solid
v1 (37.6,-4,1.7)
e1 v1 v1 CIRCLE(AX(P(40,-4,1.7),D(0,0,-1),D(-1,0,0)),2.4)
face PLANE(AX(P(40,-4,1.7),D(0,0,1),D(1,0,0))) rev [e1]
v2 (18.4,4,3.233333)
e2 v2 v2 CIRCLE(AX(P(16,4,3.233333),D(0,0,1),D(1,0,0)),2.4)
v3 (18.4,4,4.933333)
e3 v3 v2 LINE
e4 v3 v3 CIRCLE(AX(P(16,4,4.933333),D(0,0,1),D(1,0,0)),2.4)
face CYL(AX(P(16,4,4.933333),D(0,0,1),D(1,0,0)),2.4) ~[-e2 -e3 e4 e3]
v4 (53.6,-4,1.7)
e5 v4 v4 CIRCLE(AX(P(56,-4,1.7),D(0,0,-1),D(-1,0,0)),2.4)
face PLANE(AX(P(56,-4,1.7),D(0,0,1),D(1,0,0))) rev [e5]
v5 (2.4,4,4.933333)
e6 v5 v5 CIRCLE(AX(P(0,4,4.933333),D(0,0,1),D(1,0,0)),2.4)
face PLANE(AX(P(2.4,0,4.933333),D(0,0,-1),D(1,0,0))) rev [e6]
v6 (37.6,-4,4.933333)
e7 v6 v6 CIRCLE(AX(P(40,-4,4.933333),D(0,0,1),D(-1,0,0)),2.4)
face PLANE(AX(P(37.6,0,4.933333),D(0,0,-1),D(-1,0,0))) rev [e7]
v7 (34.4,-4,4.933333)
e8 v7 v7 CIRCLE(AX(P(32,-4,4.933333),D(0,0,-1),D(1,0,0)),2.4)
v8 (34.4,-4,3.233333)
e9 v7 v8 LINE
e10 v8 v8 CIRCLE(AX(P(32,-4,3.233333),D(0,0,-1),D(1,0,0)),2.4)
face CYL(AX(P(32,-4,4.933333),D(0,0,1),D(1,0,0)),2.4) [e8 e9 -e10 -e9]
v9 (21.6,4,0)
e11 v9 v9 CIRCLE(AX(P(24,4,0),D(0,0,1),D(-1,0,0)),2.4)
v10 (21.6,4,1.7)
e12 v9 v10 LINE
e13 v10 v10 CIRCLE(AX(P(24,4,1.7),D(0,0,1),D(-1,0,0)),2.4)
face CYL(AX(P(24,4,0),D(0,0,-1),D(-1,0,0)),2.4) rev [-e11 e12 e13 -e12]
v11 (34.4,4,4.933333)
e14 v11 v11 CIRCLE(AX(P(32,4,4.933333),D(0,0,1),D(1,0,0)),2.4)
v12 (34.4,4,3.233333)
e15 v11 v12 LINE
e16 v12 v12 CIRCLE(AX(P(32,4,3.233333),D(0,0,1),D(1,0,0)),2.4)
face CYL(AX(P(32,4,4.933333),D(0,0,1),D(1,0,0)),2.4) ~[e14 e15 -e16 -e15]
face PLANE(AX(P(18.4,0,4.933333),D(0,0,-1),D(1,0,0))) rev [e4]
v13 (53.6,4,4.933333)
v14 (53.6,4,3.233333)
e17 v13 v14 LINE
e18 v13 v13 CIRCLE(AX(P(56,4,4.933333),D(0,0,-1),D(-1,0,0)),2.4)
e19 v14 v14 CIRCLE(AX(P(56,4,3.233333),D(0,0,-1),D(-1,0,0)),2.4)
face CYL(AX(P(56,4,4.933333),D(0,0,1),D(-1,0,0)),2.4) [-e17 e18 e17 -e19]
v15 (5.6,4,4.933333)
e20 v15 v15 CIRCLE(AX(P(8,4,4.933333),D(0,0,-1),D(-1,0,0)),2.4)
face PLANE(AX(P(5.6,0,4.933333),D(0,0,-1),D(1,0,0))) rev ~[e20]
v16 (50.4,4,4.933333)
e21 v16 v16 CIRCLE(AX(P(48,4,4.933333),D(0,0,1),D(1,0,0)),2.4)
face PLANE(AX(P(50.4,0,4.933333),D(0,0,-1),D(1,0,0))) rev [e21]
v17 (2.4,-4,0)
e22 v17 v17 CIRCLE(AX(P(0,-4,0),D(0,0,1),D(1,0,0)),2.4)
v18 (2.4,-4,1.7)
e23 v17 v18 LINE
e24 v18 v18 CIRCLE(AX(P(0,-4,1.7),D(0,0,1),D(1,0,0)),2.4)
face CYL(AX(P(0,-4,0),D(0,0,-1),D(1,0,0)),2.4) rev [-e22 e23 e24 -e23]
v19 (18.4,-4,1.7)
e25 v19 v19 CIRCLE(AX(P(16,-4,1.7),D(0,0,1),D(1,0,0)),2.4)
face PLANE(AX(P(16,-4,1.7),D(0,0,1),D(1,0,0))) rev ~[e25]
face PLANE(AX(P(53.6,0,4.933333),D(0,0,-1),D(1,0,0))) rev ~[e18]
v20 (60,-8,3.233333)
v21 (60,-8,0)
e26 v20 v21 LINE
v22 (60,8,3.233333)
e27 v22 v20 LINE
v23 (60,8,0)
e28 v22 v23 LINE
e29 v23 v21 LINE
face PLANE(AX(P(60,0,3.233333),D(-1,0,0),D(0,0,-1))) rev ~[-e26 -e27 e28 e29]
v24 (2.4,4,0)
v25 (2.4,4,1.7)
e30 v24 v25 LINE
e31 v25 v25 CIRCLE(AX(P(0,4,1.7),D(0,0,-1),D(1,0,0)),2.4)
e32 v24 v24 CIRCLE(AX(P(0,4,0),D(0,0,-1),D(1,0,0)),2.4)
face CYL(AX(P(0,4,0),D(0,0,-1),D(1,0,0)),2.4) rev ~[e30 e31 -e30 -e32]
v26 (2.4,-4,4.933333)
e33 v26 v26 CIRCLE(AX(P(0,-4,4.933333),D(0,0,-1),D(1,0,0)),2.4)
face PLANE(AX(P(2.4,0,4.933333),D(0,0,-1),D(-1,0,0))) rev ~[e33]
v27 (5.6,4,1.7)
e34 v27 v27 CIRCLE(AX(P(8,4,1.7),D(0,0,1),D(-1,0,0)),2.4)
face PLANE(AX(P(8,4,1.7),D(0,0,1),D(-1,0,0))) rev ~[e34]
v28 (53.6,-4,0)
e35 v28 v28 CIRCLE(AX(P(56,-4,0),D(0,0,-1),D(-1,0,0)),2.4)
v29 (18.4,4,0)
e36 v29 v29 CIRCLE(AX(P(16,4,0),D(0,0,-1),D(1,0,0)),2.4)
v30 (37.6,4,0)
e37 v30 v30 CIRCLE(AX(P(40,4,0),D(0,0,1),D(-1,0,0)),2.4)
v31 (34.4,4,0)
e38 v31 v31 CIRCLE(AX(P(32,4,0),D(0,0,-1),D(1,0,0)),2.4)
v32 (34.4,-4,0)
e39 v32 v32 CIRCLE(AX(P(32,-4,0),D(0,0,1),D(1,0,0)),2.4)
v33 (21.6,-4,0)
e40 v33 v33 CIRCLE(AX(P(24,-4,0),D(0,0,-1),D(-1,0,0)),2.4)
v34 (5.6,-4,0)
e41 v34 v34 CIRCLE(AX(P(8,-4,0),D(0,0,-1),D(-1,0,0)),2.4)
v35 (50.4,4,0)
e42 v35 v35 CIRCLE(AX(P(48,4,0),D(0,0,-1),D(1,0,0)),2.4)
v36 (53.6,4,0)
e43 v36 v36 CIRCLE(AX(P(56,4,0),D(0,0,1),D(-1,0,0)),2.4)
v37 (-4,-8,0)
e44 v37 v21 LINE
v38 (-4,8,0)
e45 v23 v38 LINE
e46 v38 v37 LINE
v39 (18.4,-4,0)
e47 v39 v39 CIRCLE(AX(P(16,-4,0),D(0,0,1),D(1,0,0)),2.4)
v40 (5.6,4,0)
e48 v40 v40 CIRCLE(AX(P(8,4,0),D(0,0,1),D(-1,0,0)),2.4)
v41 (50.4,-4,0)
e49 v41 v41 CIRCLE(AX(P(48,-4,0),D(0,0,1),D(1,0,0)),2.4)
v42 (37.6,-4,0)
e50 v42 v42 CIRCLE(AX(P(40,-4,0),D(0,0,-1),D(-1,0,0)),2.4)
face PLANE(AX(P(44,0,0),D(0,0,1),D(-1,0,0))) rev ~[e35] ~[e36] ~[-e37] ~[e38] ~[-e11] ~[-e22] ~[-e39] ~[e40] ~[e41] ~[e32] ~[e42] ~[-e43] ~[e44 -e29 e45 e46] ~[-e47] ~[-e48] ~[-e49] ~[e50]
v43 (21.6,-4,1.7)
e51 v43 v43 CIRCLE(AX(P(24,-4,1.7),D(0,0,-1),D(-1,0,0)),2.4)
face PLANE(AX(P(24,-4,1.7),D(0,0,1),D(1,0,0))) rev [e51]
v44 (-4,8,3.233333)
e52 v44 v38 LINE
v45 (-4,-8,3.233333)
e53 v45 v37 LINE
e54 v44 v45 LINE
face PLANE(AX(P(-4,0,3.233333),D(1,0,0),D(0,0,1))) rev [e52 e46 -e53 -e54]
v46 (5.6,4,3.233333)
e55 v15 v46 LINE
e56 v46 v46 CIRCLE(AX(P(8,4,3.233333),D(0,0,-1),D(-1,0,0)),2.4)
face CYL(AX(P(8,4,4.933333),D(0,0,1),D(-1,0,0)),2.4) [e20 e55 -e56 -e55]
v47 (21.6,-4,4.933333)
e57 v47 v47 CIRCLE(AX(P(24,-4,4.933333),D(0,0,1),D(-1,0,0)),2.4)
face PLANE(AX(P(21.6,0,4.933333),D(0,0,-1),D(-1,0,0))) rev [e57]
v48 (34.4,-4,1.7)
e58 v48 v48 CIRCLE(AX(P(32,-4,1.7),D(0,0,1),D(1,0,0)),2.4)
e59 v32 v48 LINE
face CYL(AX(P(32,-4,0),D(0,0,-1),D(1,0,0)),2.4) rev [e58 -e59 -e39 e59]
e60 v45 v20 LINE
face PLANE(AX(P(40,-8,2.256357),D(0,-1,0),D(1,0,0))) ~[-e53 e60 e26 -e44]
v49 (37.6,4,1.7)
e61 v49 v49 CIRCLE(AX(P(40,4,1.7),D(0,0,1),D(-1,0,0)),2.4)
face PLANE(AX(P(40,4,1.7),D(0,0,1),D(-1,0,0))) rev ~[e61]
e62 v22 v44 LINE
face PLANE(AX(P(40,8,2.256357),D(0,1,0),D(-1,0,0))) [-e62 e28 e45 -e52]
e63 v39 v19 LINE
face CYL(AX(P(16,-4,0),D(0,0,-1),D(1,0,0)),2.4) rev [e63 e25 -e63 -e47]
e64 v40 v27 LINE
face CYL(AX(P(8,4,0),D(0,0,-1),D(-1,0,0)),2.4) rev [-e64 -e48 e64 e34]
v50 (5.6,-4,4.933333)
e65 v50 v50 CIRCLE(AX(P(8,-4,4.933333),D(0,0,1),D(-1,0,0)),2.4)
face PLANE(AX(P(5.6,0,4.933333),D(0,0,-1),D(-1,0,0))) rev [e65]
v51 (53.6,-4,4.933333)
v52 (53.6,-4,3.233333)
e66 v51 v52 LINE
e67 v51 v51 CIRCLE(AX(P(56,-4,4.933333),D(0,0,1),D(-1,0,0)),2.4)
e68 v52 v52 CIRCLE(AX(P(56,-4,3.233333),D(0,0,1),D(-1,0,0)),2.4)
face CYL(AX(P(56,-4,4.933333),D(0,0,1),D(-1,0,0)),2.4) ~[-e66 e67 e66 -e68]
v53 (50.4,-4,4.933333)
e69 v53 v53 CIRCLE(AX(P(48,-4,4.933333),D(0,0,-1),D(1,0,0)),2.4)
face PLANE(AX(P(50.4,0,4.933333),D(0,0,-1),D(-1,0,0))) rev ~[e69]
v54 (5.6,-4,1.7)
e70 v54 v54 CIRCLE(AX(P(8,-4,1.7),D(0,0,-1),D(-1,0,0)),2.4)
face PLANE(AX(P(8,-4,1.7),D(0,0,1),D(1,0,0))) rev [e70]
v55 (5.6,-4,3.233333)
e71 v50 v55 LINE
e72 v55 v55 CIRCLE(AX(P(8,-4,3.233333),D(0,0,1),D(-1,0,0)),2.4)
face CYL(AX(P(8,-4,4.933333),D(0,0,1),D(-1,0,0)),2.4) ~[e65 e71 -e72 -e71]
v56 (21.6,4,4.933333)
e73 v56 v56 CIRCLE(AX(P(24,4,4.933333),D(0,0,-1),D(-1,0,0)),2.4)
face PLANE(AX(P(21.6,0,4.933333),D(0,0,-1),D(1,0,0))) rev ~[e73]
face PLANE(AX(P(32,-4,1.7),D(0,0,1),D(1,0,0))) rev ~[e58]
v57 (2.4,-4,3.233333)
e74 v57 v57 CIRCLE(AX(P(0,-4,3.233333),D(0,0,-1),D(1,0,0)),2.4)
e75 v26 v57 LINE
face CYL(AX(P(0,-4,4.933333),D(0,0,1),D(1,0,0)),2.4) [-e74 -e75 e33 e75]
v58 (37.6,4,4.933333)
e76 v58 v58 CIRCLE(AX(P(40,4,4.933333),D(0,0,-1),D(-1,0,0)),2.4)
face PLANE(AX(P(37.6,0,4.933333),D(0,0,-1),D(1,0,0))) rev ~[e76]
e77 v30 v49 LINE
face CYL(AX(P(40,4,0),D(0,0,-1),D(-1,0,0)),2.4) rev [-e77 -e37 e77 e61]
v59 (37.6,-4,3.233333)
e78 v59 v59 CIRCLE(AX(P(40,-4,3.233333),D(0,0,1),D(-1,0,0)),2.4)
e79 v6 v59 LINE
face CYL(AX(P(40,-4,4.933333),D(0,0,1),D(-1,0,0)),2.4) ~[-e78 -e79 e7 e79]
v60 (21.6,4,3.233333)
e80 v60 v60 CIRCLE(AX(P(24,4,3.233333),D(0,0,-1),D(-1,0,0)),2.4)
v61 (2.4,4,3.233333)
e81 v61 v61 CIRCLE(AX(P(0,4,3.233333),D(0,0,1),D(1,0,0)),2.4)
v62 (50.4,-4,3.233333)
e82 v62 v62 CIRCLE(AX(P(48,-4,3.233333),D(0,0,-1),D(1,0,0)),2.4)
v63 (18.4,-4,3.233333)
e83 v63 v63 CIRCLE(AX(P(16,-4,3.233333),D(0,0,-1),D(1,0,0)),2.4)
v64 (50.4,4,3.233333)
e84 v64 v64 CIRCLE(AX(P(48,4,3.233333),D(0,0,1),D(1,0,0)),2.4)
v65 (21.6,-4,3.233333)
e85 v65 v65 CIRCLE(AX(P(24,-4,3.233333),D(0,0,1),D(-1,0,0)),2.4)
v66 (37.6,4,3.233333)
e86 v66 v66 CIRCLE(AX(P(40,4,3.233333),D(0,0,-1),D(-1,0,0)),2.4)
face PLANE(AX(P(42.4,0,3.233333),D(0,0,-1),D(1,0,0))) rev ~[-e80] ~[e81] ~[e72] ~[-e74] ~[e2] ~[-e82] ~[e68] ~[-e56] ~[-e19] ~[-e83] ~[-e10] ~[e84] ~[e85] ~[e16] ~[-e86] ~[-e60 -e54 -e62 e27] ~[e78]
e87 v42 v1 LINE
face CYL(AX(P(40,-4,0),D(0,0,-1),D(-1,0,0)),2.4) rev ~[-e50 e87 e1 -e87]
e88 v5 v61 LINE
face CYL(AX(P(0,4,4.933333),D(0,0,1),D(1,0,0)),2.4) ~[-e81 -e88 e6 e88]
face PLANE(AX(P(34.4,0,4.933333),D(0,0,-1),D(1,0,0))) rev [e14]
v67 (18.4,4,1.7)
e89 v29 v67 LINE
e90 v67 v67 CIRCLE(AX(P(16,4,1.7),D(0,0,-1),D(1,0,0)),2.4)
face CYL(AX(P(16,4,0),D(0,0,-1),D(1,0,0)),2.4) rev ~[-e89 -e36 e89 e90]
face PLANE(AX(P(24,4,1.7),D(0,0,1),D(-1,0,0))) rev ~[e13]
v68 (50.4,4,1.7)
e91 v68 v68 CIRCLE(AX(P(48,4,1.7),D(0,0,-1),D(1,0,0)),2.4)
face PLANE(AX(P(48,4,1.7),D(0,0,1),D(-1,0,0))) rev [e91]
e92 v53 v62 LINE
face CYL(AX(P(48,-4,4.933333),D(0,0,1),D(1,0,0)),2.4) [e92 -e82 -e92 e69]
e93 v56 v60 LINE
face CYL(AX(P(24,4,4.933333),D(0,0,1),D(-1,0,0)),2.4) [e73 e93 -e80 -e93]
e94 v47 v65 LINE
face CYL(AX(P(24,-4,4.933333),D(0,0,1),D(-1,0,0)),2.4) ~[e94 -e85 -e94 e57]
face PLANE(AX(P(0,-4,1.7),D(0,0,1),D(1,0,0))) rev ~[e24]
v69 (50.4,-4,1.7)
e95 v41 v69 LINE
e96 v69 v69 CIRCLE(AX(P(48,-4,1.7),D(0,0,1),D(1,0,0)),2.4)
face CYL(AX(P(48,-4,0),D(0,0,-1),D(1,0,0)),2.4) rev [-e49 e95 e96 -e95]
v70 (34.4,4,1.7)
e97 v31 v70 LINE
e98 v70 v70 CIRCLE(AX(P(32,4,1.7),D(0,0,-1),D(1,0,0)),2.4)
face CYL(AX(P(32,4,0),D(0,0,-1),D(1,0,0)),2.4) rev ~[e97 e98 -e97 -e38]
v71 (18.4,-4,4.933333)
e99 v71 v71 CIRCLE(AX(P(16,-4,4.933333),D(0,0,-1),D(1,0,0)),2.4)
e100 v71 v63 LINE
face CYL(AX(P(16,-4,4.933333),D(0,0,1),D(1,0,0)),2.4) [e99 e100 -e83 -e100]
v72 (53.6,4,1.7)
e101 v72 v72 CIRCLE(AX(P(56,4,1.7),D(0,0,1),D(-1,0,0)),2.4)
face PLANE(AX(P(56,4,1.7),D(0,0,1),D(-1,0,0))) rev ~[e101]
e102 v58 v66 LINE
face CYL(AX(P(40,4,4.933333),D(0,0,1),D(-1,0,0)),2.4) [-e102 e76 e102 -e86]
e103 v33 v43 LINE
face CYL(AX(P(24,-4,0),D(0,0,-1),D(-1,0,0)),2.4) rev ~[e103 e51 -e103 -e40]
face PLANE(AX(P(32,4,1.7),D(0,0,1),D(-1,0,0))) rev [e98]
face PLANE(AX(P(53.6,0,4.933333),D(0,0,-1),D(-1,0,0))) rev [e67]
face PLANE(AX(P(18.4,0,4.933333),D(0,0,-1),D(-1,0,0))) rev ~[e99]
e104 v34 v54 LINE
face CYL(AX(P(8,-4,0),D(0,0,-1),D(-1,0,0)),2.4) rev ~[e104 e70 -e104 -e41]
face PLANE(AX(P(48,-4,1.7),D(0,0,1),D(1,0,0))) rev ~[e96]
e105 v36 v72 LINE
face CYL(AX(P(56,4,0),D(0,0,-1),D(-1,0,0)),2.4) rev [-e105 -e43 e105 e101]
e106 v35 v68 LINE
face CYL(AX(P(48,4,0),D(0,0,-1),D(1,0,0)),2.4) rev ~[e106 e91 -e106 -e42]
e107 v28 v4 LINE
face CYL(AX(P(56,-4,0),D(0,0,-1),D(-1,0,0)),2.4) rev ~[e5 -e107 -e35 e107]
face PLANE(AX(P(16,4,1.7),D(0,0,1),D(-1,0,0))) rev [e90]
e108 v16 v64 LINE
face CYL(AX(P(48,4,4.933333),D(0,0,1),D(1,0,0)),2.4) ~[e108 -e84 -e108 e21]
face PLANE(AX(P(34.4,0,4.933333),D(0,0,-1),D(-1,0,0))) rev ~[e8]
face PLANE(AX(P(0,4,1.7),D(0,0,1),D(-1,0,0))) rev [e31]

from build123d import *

# Parameters (mm, degrees)
F1_DEPTH = 8
F3_W     = 8
F3_H     = 8
F3_R     = 2.4
F4_DEPTH = 1.7
F5_R     = 2.4
F6_DEPTH = 1.7


with BuildPart() as f1:
    # F0 (on Front) → F1 (new body)
    with BuildSketch(Plane.XZ):
        Polygon((-2.4, 3.2333333013), (-4, 3.2333333013), (-4, 0), (4, 0), (4, 3.2333333013), (2.4, 3.2333333013), (2.4, 4.9333333013), (-2.4, 4.9333333013), align=None)
    extrude(amount=F1_DEPTH)

    # F3 (on plane+point) → F4 (cut, through all)
    with BuildSketch(Plane.XY.offset(4.9333333013)):
        with Locations((0, -4)):
            Rectangle(F3_W, F3_H)
        with Locations((0, -4)):
            Circle(F3_R, mode=Mode.SUBTRACT)
    extrude(amount=-F4_DEPTH, mode=Mode.SUBTRACT)

    # F5 (on Top) → F6 (cut)
    with BuildSketch(Plane.XY):
        with Locations((0, -4)):
            Circle(F5_R)
    extrude(amount=F6_DEPTH, mode=Mode.SUBTRACT)

    # F8: F1 across plane


with BuildPart() as f1_1:
    add(f1.part)
    add(f1.part.mirror(Plane.YZ.offset(4)))

    # F9: F1 across plane


with BuildPart() as f1_2:
    add(f1_1.part)
    add(f1_1.part.mirror(Plane.XZ))

    # F11: F1 across plane


with BuildPart() as f1_3:
    add(f1_2.part)
    add(f1_2.part.mirror(Plane.YZ.offset(12)))

    # F12: F1 across face


with BuildPart() as f1_4:
    add(f1_3.part)
    add(f1_3.part.mirror(Plane(origin=(28, 0, 1.6166666507), x_dir=(0, 1, 0), z_dir=(1, 0, 0))))


solid = f1_4.part
